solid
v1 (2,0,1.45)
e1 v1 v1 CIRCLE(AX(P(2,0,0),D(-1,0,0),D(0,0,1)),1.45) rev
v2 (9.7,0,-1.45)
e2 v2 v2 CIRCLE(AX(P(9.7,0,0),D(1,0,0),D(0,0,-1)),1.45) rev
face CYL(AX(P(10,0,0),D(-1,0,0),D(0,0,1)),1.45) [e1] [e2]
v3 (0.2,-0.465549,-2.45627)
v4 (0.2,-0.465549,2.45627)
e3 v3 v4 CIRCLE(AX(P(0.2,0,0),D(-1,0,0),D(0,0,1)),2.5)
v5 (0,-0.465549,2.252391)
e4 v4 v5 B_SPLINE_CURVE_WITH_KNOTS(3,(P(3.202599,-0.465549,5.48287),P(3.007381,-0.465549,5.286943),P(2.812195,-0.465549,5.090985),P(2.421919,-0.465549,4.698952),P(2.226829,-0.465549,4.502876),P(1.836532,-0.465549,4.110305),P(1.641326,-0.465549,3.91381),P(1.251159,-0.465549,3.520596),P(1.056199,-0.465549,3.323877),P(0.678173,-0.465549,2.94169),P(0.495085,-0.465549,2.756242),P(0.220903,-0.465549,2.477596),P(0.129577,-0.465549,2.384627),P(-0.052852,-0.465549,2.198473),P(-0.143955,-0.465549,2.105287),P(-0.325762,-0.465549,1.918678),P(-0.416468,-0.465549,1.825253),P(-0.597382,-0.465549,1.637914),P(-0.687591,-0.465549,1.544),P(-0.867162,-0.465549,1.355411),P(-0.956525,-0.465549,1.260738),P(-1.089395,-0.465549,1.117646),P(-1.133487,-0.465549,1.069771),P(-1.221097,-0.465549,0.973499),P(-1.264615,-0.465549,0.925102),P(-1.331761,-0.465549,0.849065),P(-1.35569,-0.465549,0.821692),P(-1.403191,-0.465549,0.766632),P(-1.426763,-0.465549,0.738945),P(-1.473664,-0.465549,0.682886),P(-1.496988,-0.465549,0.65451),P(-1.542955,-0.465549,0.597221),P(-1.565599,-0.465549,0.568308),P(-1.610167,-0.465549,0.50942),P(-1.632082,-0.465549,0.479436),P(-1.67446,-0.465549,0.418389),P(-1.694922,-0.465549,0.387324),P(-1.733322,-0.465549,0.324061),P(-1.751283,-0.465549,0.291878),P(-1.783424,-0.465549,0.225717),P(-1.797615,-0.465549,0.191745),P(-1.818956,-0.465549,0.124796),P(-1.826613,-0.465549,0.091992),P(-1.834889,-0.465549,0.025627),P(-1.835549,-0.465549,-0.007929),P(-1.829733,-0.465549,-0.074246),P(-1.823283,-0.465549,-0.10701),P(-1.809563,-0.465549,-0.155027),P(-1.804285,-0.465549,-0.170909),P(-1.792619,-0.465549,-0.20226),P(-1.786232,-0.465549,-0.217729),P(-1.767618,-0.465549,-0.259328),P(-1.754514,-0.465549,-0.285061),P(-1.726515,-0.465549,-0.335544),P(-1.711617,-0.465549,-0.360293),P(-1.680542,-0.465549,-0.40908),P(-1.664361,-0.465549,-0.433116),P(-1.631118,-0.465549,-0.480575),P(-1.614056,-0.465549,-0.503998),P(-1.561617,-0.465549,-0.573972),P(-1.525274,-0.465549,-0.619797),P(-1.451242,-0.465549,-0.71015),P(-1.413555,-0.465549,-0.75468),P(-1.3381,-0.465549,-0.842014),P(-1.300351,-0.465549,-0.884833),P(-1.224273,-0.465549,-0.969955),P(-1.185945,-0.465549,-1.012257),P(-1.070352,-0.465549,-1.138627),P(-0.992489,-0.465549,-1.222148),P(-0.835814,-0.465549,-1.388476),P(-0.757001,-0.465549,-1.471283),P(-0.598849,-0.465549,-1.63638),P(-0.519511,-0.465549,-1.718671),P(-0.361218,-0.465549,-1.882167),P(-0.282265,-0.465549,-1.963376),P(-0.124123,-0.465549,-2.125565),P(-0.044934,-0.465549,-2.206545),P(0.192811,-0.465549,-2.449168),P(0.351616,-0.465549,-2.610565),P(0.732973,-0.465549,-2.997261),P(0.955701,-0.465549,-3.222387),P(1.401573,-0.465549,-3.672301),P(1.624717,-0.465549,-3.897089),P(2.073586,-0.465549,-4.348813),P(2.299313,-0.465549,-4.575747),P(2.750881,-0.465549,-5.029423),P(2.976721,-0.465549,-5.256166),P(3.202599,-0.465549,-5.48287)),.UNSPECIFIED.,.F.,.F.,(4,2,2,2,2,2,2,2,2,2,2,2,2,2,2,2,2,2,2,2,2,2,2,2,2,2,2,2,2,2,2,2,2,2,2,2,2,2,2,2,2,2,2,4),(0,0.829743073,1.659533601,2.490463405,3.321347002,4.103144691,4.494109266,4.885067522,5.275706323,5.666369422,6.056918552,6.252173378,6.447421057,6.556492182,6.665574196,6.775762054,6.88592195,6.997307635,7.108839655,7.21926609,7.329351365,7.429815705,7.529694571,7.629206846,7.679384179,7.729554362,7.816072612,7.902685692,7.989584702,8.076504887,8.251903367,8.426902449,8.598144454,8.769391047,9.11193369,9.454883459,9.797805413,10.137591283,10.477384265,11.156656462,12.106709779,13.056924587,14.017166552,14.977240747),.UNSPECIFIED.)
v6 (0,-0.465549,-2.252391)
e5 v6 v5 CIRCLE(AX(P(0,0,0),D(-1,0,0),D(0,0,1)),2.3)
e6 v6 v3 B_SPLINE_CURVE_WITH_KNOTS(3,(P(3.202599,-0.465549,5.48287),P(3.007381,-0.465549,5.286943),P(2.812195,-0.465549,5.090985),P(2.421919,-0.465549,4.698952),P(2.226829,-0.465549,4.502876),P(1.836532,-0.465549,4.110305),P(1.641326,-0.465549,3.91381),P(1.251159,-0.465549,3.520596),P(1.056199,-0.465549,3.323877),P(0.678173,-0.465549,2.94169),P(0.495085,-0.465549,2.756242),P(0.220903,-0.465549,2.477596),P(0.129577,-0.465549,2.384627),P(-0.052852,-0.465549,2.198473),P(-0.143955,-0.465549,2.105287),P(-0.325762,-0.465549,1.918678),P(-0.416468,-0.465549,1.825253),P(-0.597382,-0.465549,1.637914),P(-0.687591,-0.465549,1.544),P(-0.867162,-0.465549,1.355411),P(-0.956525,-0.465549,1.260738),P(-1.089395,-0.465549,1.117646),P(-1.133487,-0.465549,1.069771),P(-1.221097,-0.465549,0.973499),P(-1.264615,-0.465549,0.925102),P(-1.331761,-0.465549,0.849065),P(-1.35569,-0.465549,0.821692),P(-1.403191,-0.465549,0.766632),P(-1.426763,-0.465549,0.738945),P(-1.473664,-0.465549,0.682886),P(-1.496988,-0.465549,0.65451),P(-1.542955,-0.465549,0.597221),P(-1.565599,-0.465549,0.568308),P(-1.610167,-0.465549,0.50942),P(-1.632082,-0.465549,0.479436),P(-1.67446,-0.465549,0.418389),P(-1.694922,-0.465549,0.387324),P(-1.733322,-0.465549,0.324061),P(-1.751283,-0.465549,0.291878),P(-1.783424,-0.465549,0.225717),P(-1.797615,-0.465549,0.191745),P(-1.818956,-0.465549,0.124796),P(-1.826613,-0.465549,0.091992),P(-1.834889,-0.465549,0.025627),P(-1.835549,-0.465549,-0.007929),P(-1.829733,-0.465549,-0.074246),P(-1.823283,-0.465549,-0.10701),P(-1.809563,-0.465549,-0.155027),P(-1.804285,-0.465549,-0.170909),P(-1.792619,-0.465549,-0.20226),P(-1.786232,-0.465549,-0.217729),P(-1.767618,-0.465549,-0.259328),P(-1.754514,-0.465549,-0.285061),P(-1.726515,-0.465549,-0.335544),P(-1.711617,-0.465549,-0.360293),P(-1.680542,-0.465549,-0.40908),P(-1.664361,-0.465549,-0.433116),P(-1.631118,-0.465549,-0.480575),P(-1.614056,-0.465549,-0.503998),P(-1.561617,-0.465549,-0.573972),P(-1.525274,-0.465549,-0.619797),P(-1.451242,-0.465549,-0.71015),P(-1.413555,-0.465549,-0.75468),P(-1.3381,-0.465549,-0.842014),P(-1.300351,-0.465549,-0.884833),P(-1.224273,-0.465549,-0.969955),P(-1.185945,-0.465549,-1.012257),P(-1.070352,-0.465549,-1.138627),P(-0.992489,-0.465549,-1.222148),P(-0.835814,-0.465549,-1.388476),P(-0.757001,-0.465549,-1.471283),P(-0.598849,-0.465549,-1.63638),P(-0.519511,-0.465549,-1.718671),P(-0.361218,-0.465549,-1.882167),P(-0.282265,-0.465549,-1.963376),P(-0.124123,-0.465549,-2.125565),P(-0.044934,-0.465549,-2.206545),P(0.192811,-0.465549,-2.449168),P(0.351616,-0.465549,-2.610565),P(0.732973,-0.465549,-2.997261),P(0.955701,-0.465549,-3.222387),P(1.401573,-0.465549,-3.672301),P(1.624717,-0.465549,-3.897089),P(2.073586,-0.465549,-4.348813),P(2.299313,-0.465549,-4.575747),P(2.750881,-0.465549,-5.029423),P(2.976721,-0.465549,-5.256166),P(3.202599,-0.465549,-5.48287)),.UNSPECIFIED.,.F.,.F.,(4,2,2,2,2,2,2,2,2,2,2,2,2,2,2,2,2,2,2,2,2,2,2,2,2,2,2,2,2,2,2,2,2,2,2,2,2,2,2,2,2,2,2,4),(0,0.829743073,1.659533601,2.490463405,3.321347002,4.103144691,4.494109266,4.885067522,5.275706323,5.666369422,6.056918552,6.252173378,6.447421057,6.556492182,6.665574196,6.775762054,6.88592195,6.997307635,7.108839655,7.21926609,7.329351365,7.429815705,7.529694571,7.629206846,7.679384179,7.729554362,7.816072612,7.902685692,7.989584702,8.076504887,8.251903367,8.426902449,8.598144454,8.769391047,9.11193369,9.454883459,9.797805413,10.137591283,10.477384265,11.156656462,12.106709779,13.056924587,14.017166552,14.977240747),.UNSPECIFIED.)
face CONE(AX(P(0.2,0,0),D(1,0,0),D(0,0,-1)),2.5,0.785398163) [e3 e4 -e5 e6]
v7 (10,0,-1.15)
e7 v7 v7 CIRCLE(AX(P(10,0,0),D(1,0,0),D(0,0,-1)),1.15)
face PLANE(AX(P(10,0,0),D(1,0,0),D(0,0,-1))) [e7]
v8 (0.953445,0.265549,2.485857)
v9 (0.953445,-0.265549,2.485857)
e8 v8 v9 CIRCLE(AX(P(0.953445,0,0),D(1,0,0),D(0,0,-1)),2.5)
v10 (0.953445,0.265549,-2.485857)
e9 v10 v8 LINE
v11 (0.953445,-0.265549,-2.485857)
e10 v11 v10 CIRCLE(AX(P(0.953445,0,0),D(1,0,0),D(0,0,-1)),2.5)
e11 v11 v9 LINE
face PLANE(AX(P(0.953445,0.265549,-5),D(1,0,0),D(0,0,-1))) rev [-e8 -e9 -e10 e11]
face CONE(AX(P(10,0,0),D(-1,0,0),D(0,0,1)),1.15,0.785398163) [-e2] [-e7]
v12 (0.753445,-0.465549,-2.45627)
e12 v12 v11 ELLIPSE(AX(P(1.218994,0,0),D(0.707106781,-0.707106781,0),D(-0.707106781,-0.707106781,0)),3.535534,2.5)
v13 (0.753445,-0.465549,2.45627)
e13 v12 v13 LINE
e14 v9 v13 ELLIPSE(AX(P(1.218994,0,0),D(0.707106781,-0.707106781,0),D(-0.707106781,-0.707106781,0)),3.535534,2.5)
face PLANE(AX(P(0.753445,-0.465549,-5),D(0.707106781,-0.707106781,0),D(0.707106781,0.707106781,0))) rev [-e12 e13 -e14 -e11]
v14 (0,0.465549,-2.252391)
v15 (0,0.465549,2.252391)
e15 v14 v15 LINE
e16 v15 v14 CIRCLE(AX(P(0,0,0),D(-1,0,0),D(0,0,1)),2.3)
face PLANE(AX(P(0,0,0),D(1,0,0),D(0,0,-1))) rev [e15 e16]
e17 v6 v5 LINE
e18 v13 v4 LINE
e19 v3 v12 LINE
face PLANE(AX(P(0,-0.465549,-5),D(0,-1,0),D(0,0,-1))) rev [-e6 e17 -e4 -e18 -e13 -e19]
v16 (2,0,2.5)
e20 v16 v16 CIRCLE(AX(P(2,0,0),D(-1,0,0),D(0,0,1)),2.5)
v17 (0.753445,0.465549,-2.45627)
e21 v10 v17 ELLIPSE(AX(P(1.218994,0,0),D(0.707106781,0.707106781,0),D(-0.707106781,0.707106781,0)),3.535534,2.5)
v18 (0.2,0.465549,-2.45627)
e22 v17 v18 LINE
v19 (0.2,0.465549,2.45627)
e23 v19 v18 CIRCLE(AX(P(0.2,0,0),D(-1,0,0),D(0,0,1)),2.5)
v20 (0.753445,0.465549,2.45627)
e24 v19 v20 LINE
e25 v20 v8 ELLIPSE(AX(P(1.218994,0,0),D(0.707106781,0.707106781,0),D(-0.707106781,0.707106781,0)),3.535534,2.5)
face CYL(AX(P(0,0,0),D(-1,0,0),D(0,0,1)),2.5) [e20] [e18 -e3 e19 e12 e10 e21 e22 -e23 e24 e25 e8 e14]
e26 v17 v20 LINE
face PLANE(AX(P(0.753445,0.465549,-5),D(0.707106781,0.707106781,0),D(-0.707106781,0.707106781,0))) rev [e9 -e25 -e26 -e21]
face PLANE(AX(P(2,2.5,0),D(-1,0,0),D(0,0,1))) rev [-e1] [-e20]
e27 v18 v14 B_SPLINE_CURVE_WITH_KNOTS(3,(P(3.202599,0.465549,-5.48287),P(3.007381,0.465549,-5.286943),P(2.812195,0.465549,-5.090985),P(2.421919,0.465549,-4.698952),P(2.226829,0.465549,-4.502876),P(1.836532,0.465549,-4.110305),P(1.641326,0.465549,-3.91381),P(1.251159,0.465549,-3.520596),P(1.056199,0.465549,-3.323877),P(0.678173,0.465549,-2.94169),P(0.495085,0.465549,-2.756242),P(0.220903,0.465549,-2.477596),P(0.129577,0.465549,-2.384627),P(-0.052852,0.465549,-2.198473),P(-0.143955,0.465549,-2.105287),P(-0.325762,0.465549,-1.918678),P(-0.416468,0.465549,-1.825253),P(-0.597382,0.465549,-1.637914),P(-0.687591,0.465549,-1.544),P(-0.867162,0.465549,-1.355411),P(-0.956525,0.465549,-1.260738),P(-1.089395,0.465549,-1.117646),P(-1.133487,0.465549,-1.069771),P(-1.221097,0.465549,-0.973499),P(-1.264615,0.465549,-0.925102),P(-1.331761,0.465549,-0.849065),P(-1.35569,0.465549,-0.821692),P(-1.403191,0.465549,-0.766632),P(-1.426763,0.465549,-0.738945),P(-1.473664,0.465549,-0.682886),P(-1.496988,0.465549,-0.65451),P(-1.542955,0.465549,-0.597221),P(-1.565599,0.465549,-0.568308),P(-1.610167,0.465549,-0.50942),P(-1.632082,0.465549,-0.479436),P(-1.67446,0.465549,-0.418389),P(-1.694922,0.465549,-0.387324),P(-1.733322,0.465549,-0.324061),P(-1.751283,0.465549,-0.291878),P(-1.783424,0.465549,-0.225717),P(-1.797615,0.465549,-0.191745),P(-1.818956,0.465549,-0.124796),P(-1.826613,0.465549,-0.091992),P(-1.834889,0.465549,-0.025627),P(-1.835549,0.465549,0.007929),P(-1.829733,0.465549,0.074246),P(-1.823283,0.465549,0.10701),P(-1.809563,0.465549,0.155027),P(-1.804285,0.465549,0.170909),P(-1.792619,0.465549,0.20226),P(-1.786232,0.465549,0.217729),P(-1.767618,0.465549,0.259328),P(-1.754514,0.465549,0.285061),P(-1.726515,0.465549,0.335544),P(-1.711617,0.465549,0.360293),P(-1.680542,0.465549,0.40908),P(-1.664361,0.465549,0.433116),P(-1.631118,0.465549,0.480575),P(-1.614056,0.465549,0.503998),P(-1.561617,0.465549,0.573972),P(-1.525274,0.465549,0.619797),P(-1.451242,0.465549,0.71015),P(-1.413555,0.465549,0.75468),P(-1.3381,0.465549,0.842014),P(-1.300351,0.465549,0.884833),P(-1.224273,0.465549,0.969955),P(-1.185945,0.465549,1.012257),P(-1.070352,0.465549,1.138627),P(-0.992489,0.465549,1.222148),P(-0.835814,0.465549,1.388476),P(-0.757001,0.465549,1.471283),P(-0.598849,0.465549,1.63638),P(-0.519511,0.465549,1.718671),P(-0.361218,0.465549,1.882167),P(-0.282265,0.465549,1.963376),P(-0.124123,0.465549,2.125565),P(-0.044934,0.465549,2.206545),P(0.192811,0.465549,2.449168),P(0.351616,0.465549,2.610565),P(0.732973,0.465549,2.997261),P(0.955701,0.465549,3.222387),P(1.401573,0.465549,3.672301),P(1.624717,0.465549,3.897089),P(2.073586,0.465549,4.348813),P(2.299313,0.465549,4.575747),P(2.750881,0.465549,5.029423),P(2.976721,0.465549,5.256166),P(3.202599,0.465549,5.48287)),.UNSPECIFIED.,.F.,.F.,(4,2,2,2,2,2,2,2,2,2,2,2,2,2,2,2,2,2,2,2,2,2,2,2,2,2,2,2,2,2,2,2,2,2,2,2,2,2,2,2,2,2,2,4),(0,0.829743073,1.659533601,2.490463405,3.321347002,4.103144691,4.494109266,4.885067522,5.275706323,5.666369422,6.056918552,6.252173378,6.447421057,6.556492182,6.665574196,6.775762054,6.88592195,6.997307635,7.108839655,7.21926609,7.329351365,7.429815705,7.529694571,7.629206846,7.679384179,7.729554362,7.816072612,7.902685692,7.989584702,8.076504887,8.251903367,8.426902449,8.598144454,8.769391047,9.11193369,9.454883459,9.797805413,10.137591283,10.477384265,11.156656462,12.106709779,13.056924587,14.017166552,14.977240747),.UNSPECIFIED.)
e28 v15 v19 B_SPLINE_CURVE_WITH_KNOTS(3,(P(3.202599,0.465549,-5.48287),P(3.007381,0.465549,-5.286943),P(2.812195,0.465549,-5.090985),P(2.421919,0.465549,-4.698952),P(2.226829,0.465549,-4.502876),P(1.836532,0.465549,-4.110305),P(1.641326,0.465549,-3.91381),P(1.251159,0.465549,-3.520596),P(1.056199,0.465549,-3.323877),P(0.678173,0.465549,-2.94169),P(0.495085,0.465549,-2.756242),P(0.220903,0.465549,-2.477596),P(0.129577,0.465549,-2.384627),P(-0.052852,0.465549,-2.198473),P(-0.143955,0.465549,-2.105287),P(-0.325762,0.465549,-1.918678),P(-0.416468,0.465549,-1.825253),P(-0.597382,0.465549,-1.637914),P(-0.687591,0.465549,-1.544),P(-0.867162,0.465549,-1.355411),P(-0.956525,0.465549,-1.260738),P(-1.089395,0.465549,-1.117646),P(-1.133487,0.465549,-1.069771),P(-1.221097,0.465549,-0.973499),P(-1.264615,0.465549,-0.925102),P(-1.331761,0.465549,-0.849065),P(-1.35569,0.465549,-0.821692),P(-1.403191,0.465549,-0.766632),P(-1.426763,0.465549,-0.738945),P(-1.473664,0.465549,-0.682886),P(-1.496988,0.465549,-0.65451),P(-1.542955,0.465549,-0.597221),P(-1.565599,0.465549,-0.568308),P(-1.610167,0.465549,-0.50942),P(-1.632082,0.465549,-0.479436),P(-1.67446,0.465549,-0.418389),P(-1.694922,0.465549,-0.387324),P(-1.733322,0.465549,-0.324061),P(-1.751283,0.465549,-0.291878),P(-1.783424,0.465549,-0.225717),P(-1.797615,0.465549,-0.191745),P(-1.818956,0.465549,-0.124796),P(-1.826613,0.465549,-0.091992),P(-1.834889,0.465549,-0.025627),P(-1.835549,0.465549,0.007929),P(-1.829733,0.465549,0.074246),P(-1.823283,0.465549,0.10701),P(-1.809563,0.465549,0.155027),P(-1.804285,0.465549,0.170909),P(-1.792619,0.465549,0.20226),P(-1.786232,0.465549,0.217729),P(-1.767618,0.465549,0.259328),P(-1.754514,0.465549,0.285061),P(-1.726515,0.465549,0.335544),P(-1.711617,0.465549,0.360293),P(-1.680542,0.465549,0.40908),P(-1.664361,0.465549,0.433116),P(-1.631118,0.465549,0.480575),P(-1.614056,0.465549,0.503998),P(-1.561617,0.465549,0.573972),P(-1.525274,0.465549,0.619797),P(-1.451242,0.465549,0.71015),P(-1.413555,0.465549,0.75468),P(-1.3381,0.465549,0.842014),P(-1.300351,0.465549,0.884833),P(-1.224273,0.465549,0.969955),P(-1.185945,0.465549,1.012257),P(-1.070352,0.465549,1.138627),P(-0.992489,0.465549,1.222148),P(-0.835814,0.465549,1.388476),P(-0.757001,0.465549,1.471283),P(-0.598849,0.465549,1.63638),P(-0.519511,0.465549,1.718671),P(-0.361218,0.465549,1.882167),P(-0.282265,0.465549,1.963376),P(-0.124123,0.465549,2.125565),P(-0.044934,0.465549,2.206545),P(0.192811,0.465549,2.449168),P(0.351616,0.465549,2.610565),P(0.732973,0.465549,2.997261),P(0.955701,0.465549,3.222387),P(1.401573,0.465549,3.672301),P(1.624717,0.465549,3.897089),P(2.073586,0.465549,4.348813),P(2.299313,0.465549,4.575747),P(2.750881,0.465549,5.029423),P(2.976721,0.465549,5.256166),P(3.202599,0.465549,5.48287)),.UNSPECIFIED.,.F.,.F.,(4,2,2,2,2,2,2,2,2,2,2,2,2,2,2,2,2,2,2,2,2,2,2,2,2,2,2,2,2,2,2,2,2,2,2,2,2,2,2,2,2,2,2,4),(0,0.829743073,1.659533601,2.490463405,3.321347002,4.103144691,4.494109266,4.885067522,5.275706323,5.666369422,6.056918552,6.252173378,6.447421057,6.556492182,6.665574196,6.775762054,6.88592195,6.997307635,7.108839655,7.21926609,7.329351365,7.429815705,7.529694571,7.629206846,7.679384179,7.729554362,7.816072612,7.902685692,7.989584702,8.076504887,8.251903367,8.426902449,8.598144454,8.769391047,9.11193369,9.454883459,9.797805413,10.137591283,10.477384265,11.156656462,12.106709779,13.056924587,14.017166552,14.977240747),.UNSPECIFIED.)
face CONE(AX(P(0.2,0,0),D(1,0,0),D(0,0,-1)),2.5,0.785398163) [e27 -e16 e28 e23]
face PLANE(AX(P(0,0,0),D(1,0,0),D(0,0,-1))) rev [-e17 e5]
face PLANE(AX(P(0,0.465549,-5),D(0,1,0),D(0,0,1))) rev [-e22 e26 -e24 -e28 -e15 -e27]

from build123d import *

# Parameters (mm, degrees)
ENL_V_MAT_EXTRU_1_DEPTH = 5
ESQUISSE3_R             = 1.45
EXTRUSION1_DEPTH        = 8
CHANFREIN1_SIZE         = 0.3


with BuildPart() as part:
    # Esquisse1 → Révolution1 (revolve)
    with BuildSketch(Plane.XY, mode=Mode.PRIVATE) as r_volution1_sk:
        Polygon((0, 0), (0, 2.3), (0.2, 2.5), (2, 2.5), (2, 0), align=None)
    revolve(r_volution1_sk.sketch.rotate(Axis((0, 0, 0), (1, 0, 0)), 90), axis=Axis((0, 0, 0), (1, 0, 0)))  # turned: the seam where the file's is

    # Esquisse2 → Enlèv. mat.-Extru.1 (cut, symmetric)
    with BuildSketch(Plane.XY):
        Polygon((0, 0.465549348), (0.753445065, 0.465549348), (0.953445065, 0.265549348), (0.953445065, -0.265549348), (0.753445065, -0.465549348), (0, -0.465549348), align=None)
    extrude(amount=ENL_V_MAT_EXTRU_1_DEPTH, both=True, mode=Mode.SUBTRACT)

    # Esquisse3 → Extrusion1 (add)
    with BuildSketch(Plane(origin=(2, 0, 0), x_dir=(0, 0, -1), z_dir=(1, 0, 0))):
        with Locations(Location((0, 0, 0), (0, 0, 180))):  # turned: the seam where the file's is
            Circle(ESQUISSE3_R)
    extrude(amount=EXTRUSION1_DEPTH)

    # Chanfrein1
    chanfrein1_edges = [part.edges().sort_by_distance(p)[0] for p in [
        (10, 0, -1.45),
    ]]
    chamfer(chanfrein1_edges, length=CHANFREIN1_SIZE)


solid = part.part
